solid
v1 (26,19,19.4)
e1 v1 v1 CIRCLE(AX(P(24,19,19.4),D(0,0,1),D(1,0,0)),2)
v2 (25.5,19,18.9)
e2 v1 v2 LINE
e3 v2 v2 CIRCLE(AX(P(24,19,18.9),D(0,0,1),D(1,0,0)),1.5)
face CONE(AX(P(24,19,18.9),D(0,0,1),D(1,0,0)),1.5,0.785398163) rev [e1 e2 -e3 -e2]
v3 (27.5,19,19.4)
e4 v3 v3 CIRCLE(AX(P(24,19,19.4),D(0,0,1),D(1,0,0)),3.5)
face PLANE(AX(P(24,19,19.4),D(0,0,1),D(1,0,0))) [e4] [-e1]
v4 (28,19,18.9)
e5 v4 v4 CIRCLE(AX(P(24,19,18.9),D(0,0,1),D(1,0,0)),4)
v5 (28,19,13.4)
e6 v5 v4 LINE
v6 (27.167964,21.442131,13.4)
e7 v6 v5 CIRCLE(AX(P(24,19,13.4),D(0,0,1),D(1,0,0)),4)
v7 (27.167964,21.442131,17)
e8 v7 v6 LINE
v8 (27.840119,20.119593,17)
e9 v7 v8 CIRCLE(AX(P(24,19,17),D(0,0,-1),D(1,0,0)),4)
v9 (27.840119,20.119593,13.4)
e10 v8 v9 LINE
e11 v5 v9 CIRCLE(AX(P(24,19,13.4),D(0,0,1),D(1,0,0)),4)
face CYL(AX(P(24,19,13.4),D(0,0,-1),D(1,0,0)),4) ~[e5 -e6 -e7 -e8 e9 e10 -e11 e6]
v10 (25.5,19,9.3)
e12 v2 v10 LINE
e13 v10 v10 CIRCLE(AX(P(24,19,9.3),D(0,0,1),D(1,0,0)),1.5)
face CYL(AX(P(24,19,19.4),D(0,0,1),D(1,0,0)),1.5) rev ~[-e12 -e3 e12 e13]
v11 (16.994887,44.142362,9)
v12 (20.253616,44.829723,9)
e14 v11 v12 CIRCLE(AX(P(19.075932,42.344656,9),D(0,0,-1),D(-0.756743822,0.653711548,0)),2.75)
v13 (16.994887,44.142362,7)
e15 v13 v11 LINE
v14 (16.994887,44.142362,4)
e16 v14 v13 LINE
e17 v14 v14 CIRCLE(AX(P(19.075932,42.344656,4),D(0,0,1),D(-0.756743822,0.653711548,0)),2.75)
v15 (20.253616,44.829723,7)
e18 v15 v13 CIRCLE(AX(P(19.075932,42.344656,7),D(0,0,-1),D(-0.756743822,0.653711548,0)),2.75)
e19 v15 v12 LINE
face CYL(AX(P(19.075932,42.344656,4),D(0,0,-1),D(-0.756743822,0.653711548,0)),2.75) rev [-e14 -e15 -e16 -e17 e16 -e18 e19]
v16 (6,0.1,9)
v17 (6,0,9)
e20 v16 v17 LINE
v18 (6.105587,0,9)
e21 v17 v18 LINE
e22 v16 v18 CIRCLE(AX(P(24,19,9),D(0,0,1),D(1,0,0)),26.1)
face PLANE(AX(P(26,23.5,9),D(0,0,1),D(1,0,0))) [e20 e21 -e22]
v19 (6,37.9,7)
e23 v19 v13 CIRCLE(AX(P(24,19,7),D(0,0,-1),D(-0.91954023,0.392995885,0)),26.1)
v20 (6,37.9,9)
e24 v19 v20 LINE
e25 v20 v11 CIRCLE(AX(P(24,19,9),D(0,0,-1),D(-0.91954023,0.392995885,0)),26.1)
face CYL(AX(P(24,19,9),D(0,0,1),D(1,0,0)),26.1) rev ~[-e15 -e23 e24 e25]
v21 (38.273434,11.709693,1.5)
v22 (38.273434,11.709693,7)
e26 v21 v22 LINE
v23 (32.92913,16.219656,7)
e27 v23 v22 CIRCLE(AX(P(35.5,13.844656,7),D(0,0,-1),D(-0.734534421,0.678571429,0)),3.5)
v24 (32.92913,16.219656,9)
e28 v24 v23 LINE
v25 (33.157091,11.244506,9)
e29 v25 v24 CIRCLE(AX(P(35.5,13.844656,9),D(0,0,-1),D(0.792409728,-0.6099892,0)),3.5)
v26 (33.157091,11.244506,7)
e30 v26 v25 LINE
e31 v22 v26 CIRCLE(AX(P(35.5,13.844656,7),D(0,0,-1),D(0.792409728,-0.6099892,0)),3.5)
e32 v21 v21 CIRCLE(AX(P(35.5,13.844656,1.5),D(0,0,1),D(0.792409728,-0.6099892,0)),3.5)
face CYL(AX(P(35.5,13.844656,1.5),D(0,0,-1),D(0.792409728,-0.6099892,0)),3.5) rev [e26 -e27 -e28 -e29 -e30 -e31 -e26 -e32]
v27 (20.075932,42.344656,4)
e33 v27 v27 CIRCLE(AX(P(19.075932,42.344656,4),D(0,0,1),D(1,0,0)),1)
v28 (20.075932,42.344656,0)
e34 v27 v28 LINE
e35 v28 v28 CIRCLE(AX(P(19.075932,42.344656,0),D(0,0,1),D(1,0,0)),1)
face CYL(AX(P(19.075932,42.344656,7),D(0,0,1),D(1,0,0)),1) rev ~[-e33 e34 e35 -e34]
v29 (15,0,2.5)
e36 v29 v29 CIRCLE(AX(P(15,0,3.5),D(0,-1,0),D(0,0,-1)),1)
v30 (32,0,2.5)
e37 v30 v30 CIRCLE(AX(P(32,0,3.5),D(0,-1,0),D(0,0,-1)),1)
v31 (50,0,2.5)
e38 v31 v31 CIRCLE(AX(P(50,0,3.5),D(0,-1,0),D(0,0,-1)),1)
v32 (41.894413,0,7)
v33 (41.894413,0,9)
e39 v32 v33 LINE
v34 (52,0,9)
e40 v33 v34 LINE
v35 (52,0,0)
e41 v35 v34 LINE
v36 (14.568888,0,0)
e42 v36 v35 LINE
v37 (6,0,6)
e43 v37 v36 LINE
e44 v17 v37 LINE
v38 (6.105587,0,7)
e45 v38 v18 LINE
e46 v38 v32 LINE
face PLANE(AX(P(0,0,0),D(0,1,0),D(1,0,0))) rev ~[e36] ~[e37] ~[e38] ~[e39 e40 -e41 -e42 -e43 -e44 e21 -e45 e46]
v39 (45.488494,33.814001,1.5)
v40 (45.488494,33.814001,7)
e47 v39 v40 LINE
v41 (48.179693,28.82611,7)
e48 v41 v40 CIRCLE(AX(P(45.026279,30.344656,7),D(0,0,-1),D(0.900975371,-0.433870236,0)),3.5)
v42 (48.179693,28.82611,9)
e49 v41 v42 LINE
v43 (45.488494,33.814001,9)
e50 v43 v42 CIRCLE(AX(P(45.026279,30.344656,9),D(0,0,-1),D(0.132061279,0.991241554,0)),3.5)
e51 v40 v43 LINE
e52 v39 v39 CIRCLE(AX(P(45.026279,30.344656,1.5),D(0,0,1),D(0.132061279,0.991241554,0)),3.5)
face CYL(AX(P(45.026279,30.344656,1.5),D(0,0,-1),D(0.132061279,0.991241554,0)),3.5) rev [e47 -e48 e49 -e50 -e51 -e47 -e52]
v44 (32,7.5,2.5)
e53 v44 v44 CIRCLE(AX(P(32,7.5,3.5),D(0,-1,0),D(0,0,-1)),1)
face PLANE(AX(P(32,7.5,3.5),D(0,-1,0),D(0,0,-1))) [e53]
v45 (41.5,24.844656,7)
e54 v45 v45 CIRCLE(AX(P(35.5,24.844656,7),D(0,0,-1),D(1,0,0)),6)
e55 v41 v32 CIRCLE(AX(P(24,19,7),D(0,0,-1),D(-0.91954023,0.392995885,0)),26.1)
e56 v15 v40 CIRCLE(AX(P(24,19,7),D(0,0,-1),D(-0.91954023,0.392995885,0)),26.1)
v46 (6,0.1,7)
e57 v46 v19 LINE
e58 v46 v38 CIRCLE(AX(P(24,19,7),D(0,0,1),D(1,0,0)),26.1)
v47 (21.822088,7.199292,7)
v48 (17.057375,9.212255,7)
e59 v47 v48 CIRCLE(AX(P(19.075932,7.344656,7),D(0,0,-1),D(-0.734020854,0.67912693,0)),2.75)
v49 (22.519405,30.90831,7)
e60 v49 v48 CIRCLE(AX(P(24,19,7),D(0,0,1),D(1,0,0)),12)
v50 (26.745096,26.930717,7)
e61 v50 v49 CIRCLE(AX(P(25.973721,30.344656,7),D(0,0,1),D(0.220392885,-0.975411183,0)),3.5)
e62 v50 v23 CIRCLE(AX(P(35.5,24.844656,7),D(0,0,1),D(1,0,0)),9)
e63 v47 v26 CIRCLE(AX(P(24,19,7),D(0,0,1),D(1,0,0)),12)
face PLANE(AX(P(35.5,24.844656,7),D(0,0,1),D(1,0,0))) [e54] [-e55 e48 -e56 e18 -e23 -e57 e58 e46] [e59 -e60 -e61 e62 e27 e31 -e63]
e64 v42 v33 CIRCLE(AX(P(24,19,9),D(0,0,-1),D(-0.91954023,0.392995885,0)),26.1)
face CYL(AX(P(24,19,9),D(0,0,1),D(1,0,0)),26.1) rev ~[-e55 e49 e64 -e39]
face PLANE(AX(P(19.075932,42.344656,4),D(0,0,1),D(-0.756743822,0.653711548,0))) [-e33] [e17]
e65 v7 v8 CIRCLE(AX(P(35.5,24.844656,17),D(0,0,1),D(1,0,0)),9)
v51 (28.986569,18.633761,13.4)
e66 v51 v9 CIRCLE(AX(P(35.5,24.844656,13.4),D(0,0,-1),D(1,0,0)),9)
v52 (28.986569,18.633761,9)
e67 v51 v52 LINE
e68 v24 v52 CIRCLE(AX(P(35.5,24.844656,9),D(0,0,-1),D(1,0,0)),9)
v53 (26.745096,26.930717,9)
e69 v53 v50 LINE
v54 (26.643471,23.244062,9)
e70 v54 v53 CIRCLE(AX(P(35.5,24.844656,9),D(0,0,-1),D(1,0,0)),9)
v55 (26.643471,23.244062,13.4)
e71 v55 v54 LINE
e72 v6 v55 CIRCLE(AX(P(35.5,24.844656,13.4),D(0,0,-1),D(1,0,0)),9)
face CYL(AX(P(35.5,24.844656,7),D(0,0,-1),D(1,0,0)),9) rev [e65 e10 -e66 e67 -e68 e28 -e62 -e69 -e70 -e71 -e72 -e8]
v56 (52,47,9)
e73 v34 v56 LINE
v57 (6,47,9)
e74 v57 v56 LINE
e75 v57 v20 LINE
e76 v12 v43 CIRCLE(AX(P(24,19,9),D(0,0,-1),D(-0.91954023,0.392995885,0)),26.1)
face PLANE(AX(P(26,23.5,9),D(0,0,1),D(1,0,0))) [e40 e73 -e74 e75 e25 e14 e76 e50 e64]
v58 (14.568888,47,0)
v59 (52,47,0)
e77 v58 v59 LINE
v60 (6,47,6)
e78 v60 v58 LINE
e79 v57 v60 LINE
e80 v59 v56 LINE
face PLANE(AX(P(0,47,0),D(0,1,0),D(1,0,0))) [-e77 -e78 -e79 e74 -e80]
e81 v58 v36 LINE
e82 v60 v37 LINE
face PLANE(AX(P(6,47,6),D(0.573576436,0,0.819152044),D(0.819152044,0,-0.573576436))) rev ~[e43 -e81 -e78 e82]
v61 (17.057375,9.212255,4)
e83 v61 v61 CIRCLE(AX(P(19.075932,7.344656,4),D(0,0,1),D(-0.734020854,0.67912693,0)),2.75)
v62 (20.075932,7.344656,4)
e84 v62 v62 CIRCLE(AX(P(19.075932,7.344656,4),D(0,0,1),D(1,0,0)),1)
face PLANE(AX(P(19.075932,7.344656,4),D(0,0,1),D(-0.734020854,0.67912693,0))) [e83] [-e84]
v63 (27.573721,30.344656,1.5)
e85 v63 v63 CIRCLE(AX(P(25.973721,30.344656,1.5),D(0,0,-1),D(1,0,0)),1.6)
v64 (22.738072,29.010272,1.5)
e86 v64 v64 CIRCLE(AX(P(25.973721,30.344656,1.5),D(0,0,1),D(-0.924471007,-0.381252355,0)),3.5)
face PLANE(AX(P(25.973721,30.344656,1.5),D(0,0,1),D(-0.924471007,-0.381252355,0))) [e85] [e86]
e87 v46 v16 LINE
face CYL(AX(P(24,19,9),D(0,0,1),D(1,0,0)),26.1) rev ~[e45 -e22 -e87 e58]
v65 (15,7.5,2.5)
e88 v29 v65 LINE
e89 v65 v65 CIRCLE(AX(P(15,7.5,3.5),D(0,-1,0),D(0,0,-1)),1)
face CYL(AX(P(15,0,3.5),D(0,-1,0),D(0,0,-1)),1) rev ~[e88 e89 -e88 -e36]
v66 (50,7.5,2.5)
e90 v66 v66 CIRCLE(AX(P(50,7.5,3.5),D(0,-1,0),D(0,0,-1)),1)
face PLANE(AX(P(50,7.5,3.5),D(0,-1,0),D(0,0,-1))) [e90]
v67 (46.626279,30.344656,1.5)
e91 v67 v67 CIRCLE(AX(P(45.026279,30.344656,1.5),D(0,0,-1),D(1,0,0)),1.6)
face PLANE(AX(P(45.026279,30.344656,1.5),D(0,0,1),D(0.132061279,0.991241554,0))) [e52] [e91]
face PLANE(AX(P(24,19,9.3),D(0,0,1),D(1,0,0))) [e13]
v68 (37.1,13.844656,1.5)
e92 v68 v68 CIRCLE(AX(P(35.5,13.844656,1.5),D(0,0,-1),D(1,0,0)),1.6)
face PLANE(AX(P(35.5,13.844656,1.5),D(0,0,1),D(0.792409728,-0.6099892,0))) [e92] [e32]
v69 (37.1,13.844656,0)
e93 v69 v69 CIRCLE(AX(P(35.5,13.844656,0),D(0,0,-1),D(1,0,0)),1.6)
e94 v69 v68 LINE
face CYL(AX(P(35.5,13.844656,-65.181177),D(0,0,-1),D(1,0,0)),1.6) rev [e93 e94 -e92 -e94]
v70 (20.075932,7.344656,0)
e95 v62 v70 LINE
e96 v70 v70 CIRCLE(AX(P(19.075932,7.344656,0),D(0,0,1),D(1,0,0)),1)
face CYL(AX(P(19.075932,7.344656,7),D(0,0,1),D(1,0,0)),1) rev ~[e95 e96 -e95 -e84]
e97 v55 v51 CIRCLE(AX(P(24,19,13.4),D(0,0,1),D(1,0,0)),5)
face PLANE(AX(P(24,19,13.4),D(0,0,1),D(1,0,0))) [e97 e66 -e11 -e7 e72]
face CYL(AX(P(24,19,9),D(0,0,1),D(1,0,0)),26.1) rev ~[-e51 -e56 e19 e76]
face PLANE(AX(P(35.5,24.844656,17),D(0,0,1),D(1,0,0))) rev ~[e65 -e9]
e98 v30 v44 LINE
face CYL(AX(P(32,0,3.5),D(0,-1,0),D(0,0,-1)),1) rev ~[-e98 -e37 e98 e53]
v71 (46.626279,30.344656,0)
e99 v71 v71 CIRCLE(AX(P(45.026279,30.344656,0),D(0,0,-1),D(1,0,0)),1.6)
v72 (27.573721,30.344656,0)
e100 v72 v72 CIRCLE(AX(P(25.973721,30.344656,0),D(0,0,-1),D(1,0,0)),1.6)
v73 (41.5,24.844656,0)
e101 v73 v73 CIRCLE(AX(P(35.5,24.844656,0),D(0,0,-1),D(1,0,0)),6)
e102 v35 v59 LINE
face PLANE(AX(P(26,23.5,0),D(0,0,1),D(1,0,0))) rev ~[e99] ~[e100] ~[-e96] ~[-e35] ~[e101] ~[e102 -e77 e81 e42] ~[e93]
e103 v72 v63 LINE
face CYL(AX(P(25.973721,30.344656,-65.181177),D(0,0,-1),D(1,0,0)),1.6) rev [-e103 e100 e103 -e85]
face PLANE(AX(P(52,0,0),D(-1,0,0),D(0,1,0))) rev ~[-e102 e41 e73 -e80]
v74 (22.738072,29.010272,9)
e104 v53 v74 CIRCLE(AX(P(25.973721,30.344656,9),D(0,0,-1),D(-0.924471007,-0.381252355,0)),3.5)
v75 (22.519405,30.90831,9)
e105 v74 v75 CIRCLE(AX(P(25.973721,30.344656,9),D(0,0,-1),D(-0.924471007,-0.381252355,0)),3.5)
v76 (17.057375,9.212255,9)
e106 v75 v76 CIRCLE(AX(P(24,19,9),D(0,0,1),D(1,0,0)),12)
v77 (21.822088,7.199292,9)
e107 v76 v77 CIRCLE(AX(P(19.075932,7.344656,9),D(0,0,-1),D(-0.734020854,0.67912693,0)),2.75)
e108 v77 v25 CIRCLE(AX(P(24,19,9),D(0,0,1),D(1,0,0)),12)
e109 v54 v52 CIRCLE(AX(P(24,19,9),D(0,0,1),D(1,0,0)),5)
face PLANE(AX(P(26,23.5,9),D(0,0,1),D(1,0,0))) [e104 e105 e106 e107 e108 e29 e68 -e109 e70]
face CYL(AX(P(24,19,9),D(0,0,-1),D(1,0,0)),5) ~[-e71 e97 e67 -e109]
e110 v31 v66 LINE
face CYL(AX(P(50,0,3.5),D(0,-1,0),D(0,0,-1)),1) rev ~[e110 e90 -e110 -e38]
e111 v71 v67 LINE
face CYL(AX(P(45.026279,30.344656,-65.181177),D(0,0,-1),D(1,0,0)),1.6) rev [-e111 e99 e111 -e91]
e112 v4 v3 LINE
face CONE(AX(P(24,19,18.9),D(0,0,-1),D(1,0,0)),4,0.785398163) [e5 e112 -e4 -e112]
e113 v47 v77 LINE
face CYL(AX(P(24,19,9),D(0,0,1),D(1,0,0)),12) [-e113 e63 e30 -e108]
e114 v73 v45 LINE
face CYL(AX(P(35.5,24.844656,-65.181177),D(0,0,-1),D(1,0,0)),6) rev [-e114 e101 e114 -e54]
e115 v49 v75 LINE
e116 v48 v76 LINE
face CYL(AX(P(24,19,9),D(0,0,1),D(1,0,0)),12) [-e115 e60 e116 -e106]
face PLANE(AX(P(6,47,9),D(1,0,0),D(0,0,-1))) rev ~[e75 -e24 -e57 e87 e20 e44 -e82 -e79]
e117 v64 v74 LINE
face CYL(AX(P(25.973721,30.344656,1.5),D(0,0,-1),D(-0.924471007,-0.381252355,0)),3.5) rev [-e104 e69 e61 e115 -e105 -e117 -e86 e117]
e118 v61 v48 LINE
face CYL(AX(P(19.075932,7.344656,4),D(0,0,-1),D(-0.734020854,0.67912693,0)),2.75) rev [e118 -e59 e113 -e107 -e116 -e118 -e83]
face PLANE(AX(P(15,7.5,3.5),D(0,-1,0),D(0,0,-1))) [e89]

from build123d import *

# Parameters (mm, degrees)
SKETCH_1_W                  = 52
SKETCH_1_H                  = 47
EXTRUDE_336_DEPTH           = 9
SKETCH_2_R                  = 26.1
SKETCH_2_R_2                = 12
CUT_EXTRUDE_544_DEPTH       = 2
SKETCH_3_R                  = 5
EXTRUDE_1_DEPTH             = 4.4
SKETCH_4_R                  = 4
EXTRUDE_2_DEPTH             = 6
SKETCH_5_R                  = 1.5
CUT_EXTRUDE_852_DEPTH       = 10.1
CHAMFER_1_SIZE              = 0.5
CUT_EXTRUDE_1174_DEPTH      = 72.181177287
CUT_EXTRUDE_1174_DEPTH_BACK = 72.181177287
SKETCH_6_R                  = 6
CUT_EXTRUDE_1461_DEPTH      = 72.181177287
CUT_EXTRUDE_1461_DEPTH_BACK = 72.181177287
SKETCH_7_R                  = 1.6
CUT_EXTRUDE_START           = -5.5
SKETCH_8_R                  = 3.5
CUT_EXTRUDE_1708_DEPTH      = 77.681177287
PATTERN_CIRCULAR_1_COUNT    = 3
SKETCH_9_R                  = 1
CUT_EXTRUDE_2077_DEPTH      = 72.181177287
CUT_EXTRUDE_2390_DEPTH      = 72.181177287
CUT_EXTRUDE_2390_DEPTH_BACK = 3
SKETCH_10_R                 = 2.75
SKETCH_11_R                 = 1
CUT_EXTRUDE_9_DEPTH         = 7.5
CUT_EXTRUDE_1_DEPTH         = 73.72798636
CUT_EXTRUDE_2_DEPTH         = 73.72798636
SKETCH_14_R                 = 9
CUT_EXTRUDE_10_DEPTH        = 10


with BuildPart() as part:
    # 草图1 → Extrude 336 (new body)
    with BuildSketch(Plane.XY):
        with Locations((26, 23.5)):
            Rectangle(SKETCH_1_W, SKETCH_1_H)
    extrude(amount=EXTRUDE_336_DEPTH)

    # 草图2 → Cut-Extrude 544 (cut)
    with BuildSketch(Plane.XY.offset(9)):
        with Locations((24, 19)):
            Circle(SKETCH_2_R)
        with Locations((24, 19)):
            Circle(SKETCH_2_R_2, mode=Mode.SUBTRACT)
    extrude(amount=-CUT_EXTRUDE_544_DEPTH, mode=Mode.SUBTRACT)

    # 草图3 → 轮子连接1 (add)
    with BuildSketch(Plane.XY.offset(9)):
        with Locations((24, 19)):
            Circle(SKETCH_3_R)
    extrude(amount=EXTRUDE_1_DEPTH)

    # 草图4 → 轮子连接2 (add)
    with BuildSketch(Plane.XY.offset(13.4)):
        with Locations((24, 19)):
            Circle(SKETCH_4_R)
    extrude(amount=EXTRUDE_2_DEPTH)

    # 草图5 → Cut-Extrude 852 (cut)
    with BuildSketch(Plane.XY.offset(19.4)):
        with Locations((24, 19)):
            Circle(SKETCH_5_R)
    extrude(amount=-CUT_EXTRUDE_852_DEPTH, mode=Mode.SUBTRACT)

    # 倒角1
    chamfer_1_edges = [part.edges().sort_by_distance(p)[0] for p in [
        (20, 19, 19.4),
        (22.5, 19, 19.4),
    ]]
    chamfer(chamfer_1_edges, length=CHAMFER_1_SIZE)

    # 草图6 → Cut-Extrude 1174 (cut, two sides: drawn at the far end of the back side and taken through both)
    with BuildSketch(Plane.XY.offset(7).offset(-CUT_EXTRUDE_1174_DEPTH_BACK)):
        with Locations((35.5, 24.844655678)):
            Circle(SKETCH_6_R)
    extrude(amount=CUT_EXTRUDE_1174_DEPTH + CUT_EXTRUDE_1174_DEPTH_BACK, mode=Mode.SUBTRACT)

    # 草图7 → Cut-Extrude 1461 (cut, two sides: drawn at the far end of the back side and taken through both)
    with BuildSketch(Plane.XY.offset(7).offset(-CUT_EXTRUDE_1461_DEPTH_BACK)):
        with Locations((25.973720558, 30.344655678)):
            Circle(SKETCH_7_R)
        with Locations((45.026279442, 30.344655678)):
            Circle(SKETCH_7_R)
        with Locations((35.5, 13.844655678)):
            Circle(SKETCH_7_R)
    extrude(amount=CUT_EXTRUDE_1461_DEPTH + CUT_EXTRUDE_1461_DEPTH_BACK, mode=Mode.SUBTRACT)

    # 草图8 → Cut-Extrude 1708 (cut)
    with BuildSketch(Plane.XY.offset(7).offset(CUT_EXTRUDE_START)):
        with Locations(Location((45.026279442, 30.344655678, 0), (0, 0, 82.411277971))):
            Circle(SKETCH_8_R)
    cut_extrude_1708 = extrude(amount=CUT_EXTRUDE_1708_DEPTH, mode=Mode.SUBTRACT)

    # 阵列(圆周)1: Cut-Extrude 1708 ×3 about axis
    pattern_circular_1_axis = Axis((35.5, 24.844655678, 0), (0, 0, 1))
    for i in range(1, PATTERN_CIRCULAR_1_COUNT):
        add(cut_extrude_1708.rotate(pattern_circular_1_axis, i * 360 / PATTERN_CIRCULAR_1_COUNT), mode=Mode.SUBTRACT)

    # 草图9 → Cut-Extrude 2077 (cut, through all)
    with BuildSketch(Plane.XY.offset(7)):
        with Locations((19.075932294, 42.344655678)):
            Circle(SKETCH_9_R)
        with Locations((19.075932294, 7.344655678)):
            Circle(SKETCH_9_R)
    extrude(amount=-CUT_EXTRUDE_2077_DEPTH, mode=Mode.SUBTRACT)

    # 草图10 → Cut-Extrude 2390 (cut, two sides: drawn at the far end of the back side and taken through both)
    with BuildSketch(Plane.XY.offset(7).offset(-CUT_EXTRUDE_2390_DEPTH_BACK)):
        with Locations(Location((19.075932294, 42.344655678, 0), (0, 0, 139.177975249))):
            Circle(SKETCH_10_R)
        with Locations(Location((19.075932294, 7.344655678, 0), (0, 0, 137.224544141))):
            Circle(SKETCH_10_R)
    extrude(amount=CUT_EXTRUDE_2390_DEPTH + CUT_EXTRUDE_2390_DEPTH_BACK, mode=Mode.SUBTRACT)

    # 草图11 → 切除-拉伸9 (cut)
    with BuildSketch(Plane.XZ):
        with Locations(Location((15, 3.5, 0), (0, 0, 270))):
            Circle(SKETCH_11_R)
        with Locations(Location((50, 3.5, 0), (0, 0, 270))):
            Circle(SKETCH_11_R)
        with Locations(Location((32, 3.5, 0), (0, 0, 270))):
            Circle(SKETCH_11_R)
    extrude(amount=-CUT_EXTRUDE_9_DEPTH, mode=Mode.SUBTRACT)

    # 草图12 → 修改外形1 (cut, through all)
    with BuildSketch(Plane.XZ):
        Polygon((0, 8), (11.425184054, 0), (0, 0), align=None)
    extrude(amount=-CUT_EXTRUDE_1_DEPTH, mode=Mode.SUBTRACT)

    # 草图13 → 修改外形2 (cut, through all)
    with BuildSketch(Plane(origin=(0, 47, 0), x_dir=(1, 0, 0), z_dir=(0, 1, 0))):
        Polygon((0, -9), (6, -9), (6, -6), (14.56888804, 0), (11.425184054, 0), (0, -8), align=None)
    extrude(amount=-CUT_EXTRUDE_2_DEPTH, mode=Mode.SUBTRACT)

    # 草图14 → 切除-拉伸10 (cut)
    with BuildSketch(Plane.XY.offset(7)):
        with Locations((35.5, 24.844655678)):
            Circle(SKETCH_14_R)
    extrude(amount=CUT_EXTRUDE_10_DEPTH, mode=Mode.SUBTRACT)


solid = part.part
